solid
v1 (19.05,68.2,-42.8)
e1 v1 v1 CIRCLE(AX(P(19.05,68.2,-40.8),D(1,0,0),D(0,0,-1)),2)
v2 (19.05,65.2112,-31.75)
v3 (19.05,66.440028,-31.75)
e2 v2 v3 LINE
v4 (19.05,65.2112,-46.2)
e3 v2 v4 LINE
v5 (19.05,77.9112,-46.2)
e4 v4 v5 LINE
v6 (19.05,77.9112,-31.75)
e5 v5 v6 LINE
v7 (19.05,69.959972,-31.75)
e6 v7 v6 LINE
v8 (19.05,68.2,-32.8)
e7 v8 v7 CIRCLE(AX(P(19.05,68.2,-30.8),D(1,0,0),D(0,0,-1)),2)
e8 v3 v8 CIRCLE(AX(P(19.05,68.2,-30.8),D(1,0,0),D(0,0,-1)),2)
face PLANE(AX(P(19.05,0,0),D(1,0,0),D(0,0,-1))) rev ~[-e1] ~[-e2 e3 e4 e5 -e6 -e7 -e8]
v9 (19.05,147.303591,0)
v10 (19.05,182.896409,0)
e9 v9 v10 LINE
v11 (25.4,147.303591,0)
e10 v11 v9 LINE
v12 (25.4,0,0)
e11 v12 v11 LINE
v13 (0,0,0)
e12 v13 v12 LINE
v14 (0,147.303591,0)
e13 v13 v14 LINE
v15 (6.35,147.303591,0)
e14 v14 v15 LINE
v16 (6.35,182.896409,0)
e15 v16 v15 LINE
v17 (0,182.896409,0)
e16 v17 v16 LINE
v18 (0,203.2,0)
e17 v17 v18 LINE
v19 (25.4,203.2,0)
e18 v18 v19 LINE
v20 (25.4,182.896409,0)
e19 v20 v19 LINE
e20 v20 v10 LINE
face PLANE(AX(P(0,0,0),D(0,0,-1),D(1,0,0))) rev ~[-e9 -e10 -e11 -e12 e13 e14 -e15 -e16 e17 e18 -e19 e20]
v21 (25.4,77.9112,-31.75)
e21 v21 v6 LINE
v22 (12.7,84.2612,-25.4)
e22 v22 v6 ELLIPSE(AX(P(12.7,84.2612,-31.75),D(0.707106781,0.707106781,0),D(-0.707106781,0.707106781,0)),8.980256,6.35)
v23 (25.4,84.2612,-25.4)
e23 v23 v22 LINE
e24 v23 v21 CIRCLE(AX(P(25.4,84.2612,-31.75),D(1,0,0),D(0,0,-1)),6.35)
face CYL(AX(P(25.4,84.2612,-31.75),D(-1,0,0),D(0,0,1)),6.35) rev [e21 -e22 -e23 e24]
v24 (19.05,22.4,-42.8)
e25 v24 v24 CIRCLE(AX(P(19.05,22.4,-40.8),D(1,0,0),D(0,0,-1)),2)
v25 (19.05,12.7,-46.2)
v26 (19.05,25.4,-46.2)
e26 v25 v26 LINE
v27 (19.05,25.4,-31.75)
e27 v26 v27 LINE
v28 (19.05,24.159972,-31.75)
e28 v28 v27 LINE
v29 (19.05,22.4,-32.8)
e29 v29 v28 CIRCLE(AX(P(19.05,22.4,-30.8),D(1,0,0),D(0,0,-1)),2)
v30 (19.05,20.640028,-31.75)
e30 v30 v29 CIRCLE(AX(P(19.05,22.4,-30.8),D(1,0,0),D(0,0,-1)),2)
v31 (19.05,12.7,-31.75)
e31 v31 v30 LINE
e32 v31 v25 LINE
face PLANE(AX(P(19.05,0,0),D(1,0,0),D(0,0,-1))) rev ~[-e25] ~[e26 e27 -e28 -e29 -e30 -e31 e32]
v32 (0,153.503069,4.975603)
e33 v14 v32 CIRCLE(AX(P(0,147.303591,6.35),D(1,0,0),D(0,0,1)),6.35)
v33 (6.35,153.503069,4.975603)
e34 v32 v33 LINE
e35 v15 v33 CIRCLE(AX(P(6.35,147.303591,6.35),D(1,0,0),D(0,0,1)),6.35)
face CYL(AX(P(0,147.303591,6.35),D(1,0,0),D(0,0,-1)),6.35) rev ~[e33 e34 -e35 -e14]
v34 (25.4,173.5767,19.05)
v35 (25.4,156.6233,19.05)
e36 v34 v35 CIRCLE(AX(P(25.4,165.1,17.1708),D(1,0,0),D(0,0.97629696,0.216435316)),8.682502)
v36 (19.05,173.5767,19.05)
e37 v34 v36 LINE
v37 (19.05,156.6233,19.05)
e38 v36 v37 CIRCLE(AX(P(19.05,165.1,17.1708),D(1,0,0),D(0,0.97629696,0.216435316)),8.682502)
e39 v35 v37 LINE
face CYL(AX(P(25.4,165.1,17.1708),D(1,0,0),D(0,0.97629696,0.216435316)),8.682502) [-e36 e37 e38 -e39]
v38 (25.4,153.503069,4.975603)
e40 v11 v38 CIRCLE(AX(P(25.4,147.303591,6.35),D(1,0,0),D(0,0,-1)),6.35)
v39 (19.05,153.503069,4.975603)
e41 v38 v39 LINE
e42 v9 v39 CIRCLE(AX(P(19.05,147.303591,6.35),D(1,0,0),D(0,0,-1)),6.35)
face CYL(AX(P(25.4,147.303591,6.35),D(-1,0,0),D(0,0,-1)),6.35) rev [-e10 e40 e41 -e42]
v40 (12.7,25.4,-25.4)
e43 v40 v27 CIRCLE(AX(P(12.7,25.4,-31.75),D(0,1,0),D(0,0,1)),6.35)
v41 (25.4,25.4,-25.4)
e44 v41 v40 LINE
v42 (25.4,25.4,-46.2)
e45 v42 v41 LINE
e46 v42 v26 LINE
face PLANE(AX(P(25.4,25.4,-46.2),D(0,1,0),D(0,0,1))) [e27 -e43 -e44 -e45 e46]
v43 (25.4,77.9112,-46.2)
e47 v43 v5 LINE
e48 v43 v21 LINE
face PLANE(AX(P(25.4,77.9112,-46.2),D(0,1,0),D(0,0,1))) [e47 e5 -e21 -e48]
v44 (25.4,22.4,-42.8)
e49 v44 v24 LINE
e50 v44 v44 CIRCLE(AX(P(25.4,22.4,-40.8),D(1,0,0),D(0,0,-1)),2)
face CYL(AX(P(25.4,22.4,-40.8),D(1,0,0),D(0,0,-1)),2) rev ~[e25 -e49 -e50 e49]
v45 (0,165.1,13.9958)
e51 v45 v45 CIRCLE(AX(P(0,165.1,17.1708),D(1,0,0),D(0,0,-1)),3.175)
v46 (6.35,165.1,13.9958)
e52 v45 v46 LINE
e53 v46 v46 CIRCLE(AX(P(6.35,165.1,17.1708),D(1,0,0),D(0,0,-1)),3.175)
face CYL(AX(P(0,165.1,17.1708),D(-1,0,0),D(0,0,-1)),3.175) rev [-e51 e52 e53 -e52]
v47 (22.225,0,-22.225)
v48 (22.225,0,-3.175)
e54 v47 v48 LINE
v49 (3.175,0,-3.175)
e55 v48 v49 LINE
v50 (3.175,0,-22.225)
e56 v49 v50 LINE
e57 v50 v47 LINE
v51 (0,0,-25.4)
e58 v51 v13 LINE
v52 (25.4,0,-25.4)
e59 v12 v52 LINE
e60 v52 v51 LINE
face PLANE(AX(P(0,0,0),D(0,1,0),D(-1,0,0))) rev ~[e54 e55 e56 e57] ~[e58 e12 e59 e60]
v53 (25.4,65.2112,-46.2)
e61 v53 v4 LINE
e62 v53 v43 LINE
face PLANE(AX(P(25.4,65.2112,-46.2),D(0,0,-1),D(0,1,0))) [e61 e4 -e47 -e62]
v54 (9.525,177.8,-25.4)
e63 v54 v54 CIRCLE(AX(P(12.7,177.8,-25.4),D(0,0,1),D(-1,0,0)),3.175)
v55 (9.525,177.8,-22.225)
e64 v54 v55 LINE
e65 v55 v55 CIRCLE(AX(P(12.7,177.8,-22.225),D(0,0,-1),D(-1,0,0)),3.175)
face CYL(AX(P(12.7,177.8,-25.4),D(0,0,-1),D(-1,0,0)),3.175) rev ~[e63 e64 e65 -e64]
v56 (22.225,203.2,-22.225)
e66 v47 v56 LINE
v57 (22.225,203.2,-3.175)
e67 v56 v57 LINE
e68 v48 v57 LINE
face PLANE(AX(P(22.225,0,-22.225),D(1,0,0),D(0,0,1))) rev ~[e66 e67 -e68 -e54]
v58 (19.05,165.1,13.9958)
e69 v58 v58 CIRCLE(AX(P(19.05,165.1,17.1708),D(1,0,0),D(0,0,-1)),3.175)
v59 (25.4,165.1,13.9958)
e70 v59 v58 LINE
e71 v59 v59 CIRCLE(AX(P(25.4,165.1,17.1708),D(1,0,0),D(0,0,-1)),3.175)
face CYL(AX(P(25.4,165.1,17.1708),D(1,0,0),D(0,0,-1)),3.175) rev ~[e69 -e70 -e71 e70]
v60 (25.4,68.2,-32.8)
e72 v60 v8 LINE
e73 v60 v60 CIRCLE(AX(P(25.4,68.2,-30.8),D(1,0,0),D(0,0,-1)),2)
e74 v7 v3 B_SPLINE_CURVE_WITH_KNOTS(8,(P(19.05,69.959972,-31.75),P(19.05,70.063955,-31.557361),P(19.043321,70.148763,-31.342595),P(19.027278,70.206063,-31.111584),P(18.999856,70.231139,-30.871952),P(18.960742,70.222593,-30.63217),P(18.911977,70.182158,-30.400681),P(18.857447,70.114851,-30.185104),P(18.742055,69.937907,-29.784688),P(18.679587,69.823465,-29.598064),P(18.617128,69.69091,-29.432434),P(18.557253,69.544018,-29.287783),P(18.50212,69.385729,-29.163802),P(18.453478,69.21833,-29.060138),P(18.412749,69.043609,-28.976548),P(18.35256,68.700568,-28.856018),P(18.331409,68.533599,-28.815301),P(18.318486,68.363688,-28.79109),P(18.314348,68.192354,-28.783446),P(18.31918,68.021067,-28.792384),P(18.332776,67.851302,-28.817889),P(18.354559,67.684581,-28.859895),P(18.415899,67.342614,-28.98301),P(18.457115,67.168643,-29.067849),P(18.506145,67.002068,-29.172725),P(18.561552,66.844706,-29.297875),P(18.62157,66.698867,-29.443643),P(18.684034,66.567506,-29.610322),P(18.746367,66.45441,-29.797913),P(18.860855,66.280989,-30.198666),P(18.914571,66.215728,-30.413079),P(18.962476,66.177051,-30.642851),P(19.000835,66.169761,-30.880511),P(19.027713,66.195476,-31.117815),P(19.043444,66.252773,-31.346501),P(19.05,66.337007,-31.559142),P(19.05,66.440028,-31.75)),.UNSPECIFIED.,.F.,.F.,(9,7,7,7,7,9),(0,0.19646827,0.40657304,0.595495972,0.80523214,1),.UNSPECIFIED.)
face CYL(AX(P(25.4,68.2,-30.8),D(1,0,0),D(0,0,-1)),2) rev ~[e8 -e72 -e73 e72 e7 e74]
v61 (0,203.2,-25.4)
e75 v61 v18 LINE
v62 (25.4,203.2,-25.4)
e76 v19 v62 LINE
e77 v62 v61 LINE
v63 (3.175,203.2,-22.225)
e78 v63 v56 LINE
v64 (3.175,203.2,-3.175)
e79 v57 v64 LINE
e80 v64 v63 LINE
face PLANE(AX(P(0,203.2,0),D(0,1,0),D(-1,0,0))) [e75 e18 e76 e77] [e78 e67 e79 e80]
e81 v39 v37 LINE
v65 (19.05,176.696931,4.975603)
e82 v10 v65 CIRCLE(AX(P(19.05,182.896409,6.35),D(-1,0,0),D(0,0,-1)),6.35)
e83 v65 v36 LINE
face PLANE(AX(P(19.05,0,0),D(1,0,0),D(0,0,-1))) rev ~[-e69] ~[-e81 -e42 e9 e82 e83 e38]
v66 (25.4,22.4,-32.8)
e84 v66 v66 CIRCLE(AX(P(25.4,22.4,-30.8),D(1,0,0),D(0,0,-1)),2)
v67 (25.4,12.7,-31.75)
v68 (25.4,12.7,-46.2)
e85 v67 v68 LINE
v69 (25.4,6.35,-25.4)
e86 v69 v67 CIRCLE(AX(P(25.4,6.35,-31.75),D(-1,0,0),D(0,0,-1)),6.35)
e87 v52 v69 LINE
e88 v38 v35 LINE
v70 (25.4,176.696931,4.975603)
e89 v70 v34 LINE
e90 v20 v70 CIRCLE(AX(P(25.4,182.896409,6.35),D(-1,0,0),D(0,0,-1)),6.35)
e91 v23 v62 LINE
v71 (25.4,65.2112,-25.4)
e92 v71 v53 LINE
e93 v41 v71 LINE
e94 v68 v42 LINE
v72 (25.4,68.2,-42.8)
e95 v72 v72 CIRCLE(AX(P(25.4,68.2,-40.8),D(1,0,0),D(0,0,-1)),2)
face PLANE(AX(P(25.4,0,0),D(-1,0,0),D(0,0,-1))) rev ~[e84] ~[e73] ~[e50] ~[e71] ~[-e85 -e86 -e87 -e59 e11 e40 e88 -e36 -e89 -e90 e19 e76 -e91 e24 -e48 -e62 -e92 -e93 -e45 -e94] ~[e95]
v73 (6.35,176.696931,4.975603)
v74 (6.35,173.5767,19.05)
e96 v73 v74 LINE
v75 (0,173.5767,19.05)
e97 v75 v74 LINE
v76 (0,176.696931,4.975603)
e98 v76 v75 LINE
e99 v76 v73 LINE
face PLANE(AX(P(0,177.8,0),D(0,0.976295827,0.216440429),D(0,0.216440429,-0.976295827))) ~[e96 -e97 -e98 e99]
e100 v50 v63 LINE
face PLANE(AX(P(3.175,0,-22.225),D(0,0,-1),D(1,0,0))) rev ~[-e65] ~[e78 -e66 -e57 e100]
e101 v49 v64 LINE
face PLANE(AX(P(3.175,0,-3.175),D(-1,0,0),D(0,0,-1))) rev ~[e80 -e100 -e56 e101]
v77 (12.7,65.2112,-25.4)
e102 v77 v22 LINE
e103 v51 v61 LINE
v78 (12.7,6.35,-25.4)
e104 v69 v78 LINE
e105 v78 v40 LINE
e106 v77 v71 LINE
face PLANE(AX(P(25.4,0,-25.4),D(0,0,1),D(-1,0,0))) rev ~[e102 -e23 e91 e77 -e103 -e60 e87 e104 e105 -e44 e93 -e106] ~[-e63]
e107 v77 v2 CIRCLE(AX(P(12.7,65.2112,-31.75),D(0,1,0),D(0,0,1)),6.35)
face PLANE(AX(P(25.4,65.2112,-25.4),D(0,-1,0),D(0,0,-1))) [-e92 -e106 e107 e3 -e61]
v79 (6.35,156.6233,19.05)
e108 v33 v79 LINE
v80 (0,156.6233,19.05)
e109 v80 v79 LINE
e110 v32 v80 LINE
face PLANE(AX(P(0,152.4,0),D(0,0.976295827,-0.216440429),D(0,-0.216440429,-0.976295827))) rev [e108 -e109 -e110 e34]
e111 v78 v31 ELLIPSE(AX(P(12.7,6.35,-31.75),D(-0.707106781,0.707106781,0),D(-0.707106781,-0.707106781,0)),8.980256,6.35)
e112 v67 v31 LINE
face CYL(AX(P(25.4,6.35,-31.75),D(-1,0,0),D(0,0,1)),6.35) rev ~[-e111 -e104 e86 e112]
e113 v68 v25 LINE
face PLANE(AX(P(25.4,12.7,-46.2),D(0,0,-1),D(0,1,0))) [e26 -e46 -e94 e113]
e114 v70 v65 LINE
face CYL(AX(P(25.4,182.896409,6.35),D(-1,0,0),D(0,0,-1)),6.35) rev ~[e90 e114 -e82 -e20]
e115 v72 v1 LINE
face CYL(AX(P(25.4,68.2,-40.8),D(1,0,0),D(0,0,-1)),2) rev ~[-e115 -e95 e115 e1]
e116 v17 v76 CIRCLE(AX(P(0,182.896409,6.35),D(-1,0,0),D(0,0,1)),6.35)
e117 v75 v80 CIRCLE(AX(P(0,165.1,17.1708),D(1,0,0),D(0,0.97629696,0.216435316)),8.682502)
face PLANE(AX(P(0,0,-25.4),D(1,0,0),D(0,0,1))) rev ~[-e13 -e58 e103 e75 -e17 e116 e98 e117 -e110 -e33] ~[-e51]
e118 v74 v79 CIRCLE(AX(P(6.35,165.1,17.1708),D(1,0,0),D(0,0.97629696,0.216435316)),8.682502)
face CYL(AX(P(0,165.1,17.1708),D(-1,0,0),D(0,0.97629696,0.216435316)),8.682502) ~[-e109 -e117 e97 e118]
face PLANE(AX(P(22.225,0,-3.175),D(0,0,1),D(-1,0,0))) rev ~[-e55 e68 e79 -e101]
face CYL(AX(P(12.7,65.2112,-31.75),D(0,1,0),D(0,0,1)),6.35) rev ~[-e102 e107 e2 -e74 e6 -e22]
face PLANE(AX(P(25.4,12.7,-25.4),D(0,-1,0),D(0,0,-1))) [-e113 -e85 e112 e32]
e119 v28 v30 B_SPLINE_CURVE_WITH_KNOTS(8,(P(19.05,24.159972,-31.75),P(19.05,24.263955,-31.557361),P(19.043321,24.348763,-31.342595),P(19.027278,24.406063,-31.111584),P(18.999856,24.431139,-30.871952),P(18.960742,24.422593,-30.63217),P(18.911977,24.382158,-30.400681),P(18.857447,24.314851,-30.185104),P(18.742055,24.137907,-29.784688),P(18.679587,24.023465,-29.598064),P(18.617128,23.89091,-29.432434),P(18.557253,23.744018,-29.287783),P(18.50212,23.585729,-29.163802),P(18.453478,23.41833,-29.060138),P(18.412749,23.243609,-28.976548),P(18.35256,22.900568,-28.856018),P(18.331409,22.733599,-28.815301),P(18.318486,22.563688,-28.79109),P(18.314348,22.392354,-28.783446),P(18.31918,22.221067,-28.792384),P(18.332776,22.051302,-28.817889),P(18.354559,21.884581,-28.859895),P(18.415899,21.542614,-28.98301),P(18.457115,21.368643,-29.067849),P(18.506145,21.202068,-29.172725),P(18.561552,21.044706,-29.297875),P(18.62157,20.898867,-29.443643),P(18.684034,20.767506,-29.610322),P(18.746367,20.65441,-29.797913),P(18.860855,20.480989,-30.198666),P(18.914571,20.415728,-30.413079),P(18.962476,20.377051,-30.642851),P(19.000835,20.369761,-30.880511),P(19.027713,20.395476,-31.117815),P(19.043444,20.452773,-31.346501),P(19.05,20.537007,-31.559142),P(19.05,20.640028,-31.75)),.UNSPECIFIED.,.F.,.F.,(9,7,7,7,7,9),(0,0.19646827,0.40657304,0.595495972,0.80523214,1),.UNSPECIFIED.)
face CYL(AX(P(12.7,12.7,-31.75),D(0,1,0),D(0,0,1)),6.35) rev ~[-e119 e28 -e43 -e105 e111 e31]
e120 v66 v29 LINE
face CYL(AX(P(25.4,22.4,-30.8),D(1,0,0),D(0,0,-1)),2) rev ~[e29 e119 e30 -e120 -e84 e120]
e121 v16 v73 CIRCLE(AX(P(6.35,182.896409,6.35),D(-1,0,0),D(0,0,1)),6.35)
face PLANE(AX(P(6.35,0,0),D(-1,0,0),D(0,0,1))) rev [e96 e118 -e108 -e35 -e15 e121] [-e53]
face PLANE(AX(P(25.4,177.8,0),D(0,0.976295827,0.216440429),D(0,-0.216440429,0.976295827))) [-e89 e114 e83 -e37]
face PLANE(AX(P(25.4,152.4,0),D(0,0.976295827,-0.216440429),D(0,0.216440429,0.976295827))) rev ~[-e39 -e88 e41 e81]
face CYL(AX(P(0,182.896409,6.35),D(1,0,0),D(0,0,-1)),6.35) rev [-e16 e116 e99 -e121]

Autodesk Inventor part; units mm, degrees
ref_plane "YZ Plane" through (0, 0, 0) normal (1, 0, 0) x (0, 1, 0)
ref_plane "XZ Plane" through (0, 0, 0) normal (0, 1, 0) x (-1, 0, 0)
sketch "Sketch2" plane through (0, 0, 0) normal (0, 1, 0) x (-1, 0, 0)
  line L0 (0, 0) -> (-25.4, 0)
  line L1 (-25.4, 0) -> (-25.4, -25.4)
  line L2 (-25.4, -25.4) -> (0, -25.4)
  line L3 (0, -25.4) -> (0, 0)
  line L4 (-3.175, -22.225) -> (-22.225, -22.225)
  line L5 (-22.225, -22.225) -> (-22.225, -3.175)
  line L6 (-22.225, -3.175) -> (-3.175, -3.175)
  line L7 (-3.175, -3.175) -> (-3.175, -22.225)
  dimension "d4" = 3.175
  dimension "d5" = 3.175
  dimension "d6" = 19.05
  dimension "d7" = 19.05
  dimension "d8" = 3.175
  dimension "d9" = 3.175
extrude "Extrusion1" add sketch "Sketch2" along normal blind 203.2
sketch "Sketch3" plane through (25.4, 0, 0) normal (1, 0, 0) x (0, 0, -1)
  line L0 (0, 0) -> (25.4, 0) projected
  line L1 (25.4, 0) -> (25.4, 203.2) projected
  line L2 (25.4, 12.7) -> (46.2, 12.7)
  line L3 (46.2, 12.7) -> (46.2, 25.4)
  line L4 (46.2, 25.4) -> (25.4, 25.4)
  line L5 (25.4, 25.4) -> (25.4, 12.7)
  line L6 (25.4, 65.2112) -> (46.2, 65.2112)
  line L7 (46.2, 65.2112) -> (46.2, 77.9112)
  line L8 (46.2, 77.9112) -> (25.4, 77.9112)
  line L9 (25.4, 77.9112) -> (25.4, 65.2112)
  dimension "d12" = 39.8112
  dimension "d13" = 20.8
  dimension "d14" = 12.7
  dimension "d15" = 12.7
extrude "Extrusion2" add sketch "Sketch3" against normal blind 6.35
fillet "Fillet1" radius 6.35 4 edges at (22.225, 77.9112, -25.4) (22.225, 12.7, -25.4) (19.05, 19.05, -25.4) (19.05, 71.5612, -25.4)
sketch "Sketch4" plane through (25.4, 0, 0) normal (1, 0, 0) x (0, 0, -1)
  circle A0 centre (30.8, 68.2) radius 2
  circle A1 centre (40.8, 68.2) radius 2
  circle A2 centre (30.8, 22.4) radius 2
  circle A3 centre (40.8, 22.4) radius 2
  line L0 (46.2, 25.4) -> (25.4, 25.4) projected
  line L1 (25.4, 65.2112) -> (46.2, 65.2112) projected
  line L2 (46.2, 77.9112) -> (31.75, 77.9112) projected
  line L3 (25.4, 84.2612) -> (25.4, 203.2) projected
  line L4 (35.8, 65.2112) -> (35.8, 77.9112)
  dimension "d19" = 4
  dimension "d23" = 3
  dimension "d25" = 45.8
  dimension "d26" = 5
  dimension "d28" = 10
extrude "Extrusion3" cut sketch "Sketch4" against normal through all
sketch "Sketch5" plane through (25.4, 0, 0) normal (1, 0, 0) x (0, 0, -1)
  line L0 (0, 33.4612) -> (0, 203.2)
  line L1 (0, 177.8) -> (-19.05, 173.5767)
  line L2 (0, 152.4) -> (-19.05, 156.6233)
  arc A0 (-19.05, 173.5767) -> (-19.05, 156.6233) centre (-17.1708, 165.1) ccw
  circle A1 centre (-17.1708, 165.1) radius 3.175
  point P0 (0, -50.8)
  dimension "d29" = 25
  dimension "PivotWidth" = 25.4
  dimension "PivotHeight" = 19.05
  dimension "PivotAngle" = 102.5
  dimension "d33" = 203.2
  dimension "PivotScrewDiameter" = 6.35
extrude "Extrusion4" add sketch "Sketch5" against normal blind 6.35
ref_plane "Work Plane1" through (12.7, 0, 0) normal (1, 0, 0) x (0, 0, -1)
mirror "Mirror1" about plane through (12.7, 0, 0) normal (1, 0, 0) of "Extrusion4"
sketch "Sketch6" plane through (25.4, 177.8, 0) normal (0, 0.9763, 0.2164) x (1, 0, 0)
  line L0 (-19.05, 0) -> (-19.05, -19.5125) projected
  line L1 (-25.4, 0) -> (-25.4, -19.5125) projected
  line L2 (-25.4, 0) -> (-25.4, -19.5125) projected
  line L3 (-25.4, -19.5125) -> (-19.05, -19.5125) projected
  line L4 (-6.35, 0) -> (-6.35, -19.5125) projected
  point P0 (0, 6.35)
  point P1 (0, 0)
  point P2 (-25.4, -38.483)
  point P3 (0, 19.05)
  point P4 (6.35, -24.7979)
  point P5 (0, -24.7979)
  dimension "PivotOpeningWidth" = 12.7
fillet "Fillet3" radius 6.35 4 edges at (22.225, 177.8, 0) (3.175, 177.8, 0) (3.175, 152.4, 0) (22.225, 152.4, 0)
sketch "Sketch7" plane through (25.4, 0, -25.4) normal (0, 0, -1) x (-1, 0, 0)
  line L0 (25.4, 203.2) -> (0, 203.2) projected
  line L1 (12.7, 6.35) -> (12.7, 25.4) projected
  circle A0 centre (12.7, 177.8) radius 3.175
  line L2 (12.7, 203.2) -> (12.7, 165.4188)
  dimension "d40" = 6.35
  dimension "d41" = 25.4
extrude "Extrusion5" cut sketch "Sketch7" against normal blind 12.7
equation "\"d4\" = MastSupportWallThickness"
equation "\"d5\" = MastSupportWallThickness"
equation "\"d6\" = MastWidth"
equation "\"d7\" = MastWidth"
equation "\"d8\" = MastSupportWallThickness"
equation "\"d9\" = MastSupportWallThickness"
equation "\"d12\" = ServoLength + ServoTolerance"
equation "\"d13\" = ServoWidth + ServoTolerance"
equation "\"d23\" = ServoScrewOffsetFromSide - 0.5 * ServoTolerance"
equation "\"d25\" = ServoScrewSpacingLength"
equation "\"d26\" = 0.5 * ServerScrewSpacing"
equation "\"d28\" = ServerScrewSpacing"
equation "\"MastSupportWallThickness\" = 3.175"
equation "\"ServoLength\" = 38.8112"
equation "\"ServoWidth\" = 19.8"
equation "\"ServerScrewSpacing\" = 10"
equation "\"ServoScrewOffsetFromSide\" = 3.5"
equation "\"ServoScrewSpacingLength\" = 45.8"
equation "\"ServoTolerance\" = 1"
equation "\"MastWidth\" = 19.05"
properties part number "TableMount-Base" material "ABS Plastic"
